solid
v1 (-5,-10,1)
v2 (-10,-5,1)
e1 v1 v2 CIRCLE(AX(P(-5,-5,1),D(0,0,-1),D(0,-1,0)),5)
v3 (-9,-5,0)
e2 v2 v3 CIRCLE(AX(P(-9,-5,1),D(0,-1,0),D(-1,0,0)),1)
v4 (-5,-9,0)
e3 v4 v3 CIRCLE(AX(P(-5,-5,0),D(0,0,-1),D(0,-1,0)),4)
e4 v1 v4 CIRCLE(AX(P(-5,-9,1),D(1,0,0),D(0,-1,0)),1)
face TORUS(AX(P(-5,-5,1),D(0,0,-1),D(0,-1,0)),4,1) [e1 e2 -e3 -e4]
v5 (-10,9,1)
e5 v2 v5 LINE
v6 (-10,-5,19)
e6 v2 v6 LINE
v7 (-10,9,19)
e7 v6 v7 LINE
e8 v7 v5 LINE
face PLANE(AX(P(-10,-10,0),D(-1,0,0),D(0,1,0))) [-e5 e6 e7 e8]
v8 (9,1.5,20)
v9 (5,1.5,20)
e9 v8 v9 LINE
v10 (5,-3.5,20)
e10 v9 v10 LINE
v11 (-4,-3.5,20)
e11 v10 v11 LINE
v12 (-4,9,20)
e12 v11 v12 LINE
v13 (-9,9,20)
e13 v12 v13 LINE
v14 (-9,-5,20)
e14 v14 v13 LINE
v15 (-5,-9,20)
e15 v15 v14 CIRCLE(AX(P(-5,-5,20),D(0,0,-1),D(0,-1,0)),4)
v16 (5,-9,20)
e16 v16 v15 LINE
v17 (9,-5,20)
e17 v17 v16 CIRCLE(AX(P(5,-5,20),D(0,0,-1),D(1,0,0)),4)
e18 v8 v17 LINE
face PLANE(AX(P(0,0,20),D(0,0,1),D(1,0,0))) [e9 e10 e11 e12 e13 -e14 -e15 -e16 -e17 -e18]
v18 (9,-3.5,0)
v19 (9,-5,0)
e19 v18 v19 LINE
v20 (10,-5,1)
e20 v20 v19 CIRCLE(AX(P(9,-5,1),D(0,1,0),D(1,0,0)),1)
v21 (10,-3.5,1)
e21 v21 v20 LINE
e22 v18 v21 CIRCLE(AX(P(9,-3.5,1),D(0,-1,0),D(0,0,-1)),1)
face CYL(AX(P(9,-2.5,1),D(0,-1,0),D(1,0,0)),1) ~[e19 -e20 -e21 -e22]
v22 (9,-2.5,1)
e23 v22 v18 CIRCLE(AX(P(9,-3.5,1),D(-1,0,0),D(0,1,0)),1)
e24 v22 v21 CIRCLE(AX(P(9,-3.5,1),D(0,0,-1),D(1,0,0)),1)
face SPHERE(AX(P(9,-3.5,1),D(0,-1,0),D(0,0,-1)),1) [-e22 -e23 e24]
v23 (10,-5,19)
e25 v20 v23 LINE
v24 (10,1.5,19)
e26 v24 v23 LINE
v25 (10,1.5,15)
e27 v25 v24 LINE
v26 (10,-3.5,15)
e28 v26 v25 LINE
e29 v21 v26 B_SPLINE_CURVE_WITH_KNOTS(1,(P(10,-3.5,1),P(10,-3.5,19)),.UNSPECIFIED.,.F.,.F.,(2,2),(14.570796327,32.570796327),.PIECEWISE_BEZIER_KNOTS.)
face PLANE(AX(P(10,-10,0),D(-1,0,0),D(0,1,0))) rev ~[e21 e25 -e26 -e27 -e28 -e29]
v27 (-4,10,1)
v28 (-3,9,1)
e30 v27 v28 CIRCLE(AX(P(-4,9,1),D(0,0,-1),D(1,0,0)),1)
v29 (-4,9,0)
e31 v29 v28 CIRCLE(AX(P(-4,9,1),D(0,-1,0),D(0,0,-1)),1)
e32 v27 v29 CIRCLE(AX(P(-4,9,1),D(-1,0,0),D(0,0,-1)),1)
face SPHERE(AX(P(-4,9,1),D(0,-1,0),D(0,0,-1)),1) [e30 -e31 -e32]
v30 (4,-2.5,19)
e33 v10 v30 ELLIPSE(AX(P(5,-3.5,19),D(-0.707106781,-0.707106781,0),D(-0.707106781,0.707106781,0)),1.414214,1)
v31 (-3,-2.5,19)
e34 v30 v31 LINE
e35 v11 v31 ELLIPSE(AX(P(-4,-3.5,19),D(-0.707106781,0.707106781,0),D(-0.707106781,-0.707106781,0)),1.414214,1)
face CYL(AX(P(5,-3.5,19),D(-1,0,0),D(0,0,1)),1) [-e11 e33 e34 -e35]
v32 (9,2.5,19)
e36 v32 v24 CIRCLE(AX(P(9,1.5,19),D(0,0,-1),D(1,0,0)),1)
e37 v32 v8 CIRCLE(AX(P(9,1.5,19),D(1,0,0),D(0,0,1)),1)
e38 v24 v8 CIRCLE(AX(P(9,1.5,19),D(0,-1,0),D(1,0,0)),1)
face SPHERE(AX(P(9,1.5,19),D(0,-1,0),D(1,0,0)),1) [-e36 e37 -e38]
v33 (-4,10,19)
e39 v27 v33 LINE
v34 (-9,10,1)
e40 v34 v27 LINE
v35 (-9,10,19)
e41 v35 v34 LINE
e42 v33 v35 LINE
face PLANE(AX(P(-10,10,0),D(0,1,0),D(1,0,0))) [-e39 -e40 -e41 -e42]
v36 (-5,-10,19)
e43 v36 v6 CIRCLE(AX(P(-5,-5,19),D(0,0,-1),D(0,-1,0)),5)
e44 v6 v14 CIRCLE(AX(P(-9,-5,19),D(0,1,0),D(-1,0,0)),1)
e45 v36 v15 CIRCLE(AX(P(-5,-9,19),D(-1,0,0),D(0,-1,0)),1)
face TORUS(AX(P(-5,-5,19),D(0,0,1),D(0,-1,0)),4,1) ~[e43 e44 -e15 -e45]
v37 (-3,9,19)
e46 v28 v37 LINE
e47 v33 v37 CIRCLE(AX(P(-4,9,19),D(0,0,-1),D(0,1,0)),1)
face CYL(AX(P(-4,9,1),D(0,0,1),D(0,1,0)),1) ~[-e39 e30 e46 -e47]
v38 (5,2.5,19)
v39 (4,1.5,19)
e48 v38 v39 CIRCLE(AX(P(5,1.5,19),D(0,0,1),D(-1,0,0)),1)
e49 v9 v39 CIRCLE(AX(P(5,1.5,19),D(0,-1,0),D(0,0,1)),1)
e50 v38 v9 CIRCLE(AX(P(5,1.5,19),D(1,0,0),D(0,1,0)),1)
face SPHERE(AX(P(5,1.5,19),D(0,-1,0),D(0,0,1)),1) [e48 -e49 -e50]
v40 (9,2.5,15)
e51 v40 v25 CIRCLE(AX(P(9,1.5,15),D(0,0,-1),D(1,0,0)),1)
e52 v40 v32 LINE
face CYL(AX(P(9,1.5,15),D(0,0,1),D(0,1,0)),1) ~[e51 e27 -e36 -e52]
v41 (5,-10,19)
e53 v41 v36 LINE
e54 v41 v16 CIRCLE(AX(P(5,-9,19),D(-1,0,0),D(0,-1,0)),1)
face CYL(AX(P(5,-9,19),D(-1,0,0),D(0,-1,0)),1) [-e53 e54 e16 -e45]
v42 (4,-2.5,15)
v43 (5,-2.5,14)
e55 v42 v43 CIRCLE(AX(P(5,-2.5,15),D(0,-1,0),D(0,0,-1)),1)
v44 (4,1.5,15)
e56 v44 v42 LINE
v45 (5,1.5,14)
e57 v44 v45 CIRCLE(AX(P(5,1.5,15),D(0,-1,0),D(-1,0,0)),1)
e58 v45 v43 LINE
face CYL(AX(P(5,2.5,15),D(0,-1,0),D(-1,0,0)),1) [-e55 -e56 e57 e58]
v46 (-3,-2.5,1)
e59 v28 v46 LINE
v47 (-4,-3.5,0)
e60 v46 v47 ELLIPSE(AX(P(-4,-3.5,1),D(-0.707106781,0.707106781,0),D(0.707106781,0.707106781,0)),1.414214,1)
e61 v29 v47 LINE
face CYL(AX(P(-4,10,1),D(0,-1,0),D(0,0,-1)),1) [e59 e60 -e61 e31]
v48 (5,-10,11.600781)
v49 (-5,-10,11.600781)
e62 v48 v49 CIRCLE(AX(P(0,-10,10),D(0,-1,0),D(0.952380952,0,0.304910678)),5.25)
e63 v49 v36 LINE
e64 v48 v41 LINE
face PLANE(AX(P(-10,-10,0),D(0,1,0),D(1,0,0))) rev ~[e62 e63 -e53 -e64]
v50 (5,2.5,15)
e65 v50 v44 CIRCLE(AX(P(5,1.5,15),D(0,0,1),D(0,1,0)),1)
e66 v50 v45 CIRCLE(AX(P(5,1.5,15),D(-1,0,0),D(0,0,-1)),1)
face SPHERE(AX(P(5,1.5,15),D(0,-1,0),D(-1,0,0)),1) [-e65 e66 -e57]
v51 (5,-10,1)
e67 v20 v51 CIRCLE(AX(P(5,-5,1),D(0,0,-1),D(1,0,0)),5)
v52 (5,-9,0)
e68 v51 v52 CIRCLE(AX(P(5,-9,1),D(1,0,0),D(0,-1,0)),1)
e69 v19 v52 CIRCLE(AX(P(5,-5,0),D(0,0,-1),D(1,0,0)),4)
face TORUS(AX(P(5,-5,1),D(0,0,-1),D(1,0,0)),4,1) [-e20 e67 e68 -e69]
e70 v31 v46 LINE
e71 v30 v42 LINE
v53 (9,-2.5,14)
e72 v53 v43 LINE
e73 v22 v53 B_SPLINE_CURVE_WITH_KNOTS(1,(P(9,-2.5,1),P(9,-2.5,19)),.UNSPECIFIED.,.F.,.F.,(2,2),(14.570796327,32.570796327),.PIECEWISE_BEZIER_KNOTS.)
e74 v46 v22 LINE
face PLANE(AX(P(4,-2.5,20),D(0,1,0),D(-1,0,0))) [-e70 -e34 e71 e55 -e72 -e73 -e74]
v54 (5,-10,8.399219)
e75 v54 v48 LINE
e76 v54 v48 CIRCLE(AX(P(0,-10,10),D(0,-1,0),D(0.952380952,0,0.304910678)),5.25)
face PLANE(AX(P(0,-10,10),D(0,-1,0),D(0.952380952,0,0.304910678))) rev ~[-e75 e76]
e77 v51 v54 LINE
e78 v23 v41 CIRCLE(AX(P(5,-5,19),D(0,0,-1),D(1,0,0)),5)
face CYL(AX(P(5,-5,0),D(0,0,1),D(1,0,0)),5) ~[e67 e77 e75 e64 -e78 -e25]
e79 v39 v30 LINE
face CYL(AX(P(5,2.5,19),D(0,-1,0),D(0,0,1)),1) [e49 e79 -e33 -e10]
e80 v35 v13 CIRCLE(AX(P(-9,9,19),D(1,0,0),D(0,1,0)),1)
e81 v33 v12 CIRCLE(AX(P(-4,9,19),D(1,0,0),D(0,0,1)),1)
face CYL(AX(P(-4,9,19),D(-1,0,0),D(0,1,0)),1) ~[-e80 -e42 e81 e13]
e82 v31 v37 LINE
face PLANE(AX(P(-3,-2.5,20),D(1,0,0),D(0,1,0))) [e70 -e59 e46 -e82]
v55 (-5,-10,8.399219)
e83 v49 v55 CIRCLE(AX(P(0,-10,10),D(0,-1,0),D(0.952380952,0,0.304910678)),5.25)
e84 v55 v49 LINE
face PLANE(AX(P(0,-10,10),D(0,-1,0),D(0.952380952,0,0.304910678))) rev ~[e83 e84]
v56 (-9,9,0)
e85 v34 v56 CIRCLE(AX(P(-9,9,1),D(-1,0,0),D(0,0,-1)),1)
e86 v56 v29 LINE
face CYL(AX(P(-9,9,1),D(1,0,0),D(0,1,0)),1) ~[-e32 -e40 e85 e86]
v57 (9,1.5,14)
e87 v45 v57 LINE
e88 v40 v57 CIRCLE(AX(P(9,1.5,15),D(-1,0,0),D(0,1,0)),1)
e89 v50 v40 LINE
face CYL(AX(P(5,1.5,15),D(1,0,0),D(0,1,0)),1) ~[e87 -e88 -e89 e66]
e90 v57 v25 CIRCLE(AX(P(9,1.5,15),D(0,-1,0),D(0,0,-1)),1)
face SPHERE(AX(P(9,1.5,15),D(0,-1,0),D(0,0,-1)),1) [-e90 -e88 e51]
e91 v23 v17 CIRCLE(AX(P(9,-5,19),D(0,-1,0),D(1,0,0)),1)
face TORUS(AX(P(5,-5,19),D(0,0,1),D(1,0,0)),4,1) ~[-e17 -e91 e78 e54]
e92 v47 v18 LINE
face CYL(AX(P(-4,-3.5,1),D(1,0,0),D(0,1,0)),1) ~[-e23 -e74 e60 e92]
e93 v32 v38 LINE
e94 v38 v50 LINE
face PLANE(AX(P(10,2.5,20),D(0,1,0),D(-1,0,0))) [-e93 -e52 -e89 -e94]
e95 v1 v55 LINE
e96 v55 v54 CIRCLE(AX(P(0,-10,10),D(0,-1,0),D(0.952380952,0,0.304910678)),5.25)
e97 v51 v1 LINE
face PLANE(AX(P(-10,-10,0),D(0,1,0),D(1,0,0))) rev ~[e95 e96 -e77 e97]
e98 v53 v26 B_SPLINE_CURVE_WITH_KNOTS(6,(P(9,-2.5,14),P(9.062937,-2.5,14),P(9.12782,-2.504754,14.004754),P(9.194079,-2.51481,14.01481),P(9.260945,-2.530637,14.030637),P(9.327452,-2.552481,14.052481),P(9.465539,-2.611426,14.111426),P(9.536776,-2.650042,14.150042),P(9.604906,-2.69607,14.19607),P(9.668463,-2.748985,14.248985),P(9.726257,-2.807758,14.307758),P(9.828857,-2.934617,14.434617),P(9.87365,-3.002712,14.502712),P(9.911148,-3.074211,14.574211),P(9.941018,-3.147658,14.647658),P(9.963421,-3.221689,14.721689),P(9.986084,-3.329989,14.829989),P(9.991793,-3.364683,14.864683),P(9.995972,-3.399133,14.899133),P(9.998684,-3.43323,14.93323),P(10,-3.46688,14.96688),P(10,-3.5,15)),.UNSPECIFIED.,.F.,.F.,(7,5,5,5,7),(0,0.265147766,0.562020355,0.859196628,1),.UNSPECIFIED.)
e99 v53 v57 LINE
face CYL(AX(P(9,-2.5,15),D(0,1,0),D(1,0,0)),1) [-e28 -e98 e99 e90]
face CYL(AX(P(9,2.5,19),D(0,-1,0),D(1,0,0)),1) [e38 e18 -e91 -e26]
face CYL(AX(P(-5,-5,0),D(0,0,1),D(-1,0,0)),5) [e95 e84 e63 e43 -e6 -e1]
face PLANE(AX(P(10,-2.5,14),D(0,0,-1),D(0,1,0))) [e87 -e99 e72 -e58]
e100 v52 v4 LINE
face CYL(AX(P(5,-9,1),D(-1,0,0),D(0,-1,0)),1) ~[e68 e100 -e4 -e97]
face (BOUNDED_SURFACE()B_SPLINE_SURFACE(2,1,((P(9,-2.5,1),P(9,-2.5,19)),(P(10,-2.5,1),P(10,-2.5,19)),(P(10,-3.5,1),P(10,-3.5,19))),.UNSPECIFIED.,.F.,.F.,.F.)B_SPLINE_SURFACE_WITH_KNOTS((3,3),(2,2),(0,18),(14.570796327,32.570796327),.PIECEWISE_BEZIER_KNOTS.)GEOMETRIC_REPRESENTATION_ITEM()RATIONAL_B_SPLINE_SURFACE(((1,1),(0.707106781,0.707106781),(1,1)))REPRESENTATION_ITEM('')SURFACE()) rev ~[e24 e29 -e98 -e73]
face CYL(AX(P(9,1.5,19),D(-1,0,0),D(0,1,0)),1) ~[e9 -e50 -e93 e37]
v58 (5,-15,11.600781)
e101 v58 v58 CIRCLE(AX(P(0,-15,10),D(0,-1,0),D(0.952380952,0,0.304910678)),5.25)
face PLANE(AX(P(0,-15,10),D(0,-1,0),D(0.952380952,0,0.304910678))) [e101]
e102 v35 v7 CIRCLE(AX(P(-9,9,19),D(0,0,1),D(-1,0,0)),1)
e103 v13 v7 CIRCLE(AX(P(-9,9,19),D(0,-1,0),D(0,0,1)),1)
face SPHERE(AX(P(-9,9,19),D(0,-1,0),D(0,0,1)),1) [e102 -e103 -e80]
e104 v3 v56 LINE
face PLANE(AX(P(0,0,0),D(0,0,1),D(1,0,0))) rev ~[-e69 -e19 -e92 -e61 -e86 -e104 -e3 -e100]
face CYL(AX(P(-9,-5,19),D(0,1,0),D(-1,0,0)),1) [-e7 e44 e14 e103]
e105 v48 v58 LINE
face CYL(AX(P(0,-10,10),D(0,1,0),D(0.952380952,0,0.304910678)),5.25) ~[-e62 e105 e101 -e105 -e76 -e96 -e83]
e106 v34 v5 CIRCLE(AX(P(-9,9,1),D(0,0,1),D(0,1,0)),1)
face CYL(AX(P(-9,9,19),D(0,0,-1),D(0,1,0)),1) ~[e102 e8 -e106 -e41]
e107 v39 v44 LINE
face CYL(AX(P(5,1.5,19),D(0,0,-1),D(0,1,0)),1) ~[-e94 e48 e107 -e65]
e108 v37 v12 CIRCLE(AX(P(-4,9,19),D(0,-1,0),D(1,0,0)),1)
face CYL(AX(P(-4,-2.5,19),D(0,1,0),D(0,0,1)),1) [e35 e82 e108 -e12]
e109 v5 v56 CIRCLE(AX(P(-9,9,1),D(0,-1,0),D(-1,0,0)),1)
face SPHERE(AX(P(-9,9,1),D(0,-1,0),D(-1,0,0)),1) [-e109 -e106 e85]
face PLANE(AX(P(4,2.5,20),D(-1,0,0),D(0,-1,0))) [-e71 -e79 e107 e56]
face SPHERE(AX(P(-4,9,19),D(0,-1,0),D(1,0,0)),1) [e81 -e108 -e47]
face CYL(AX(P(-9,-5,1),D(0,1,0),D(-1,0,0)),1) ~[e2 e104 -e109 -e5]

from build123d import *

# Parameters (mm, degrees)
SKETCH1_W           = 20
SKETCH1_H           = 20
BOSS_EXTRUDE1_DEPTH = 20
CUT_EXTRUDE1_DEPTH  = 25
SKETCH3_W           = 14
SKETCH3_H           = 5
CUT_EXTRUDE2_DEPTH  = 13
FILLET1_R           = 5
FILLET2_R           = 1
FILLET3_R           = 1
SKETCH4_R           = 5.25
BOSS_EXTRUDE2_DEPTH = 5


with BuildPart() as part:
    # Sketch1 → Boss-Extrude1 (new body)
    with BuildSketch(Plane.XY):
        Rectangle(SKETCH1_W, SKETCH1_H)
    extrude(amount=BOSS_EXTRUDE1_DEPTH)

    # Sketch2 → Cut-Extrude1 (cut)
    with BuildSketch(Plane.XY.offset(20)):
        Polygon((4, 2.5), (4, -2.5), (-3, -2.5), (-3, 10), (10, 10), (10, 2.5), align=None)
    extrude(amount=-CUT_EXTRUDE1_DEPTH, mode=Mode.SUBTRACT)

    # Sketch3 → Cut-Extrude2 (cut)
    with BuildSketch(Plane(origin=(10, 0, 0), x_dir=(0, 0, -1), z_dir=(1, 0, 0))):
        with Locations((-7, 0)):
            Rectangle(SKETCH3_W, SKETCH3_H)
    extrude(amount=-CUT_EXTRUDE2_DEPTH, mode=Mode.SUBTRACT)

    # Fillet1
    fillet1_edges = [part.edges().sort_by_distance(p)[0] for p in [
        (10, -10, 10),
        (-10, -10, 10),
    ]]
    fillet(fillet1_edges, radius=FILLET1_R)

    # Fillet2
    fillet2_edges = [part.edges().sort_by_distance(p)[0] for p in [
        (-10, 2.5, 20),
        (-3, 3.75, 0),
        (-3, 3.75, 20),
        (4, 0, 20),
        (4, 0, 14),
        (10, 0, 14),
        (-10, 2.5, 0),
        (10, -1.25, 20),
        (10, -3.75, 0),
        (0, -10, 0),
        (-8.535533906, -8.535533906, 0),
        (8.535533906, -8.535533906, 0),
        (0, -10, 20),
        (-8.535533906, -8.535533906, 20),
        (8.535533906, -8.535533906, 20),
    ]]
    fillet(fillet2_edges, radius=FILLET2_R)

    # Fillet3
    fillet3_edges = [part.edges().sort_by_distance(p)[0] for p in [
        (2.5, -2.5, 0),
        (9.707106781, -2.5, 0.292893219),
        (10, -2.5, 8),
        (9.707106781, 2.5, 19.707106781),
        (10, 2.5, 17),
        (9.707106781, 2.5, 14.292893219),
        (7, 2.5, 14),
        (4.292893219, 2.5, 14.292893219),
        (4, 2.5, 17),
        (4.292893219, 2.5, 19.707106781),
        (7, 2.5, 20),
        (0.5, -2.5, 20),
        (-3.292893219, 10, 0.292893219),
        (-9.707106781, 10, 0.292893219),
        (-6.5, 10, 0),
        (-3, 10, 10),
        (-3.292893219, 10, 19.707106781),
        (-9.707106781, 10, 19.707106781),
        (-6.5, 10, 20),
        (-10, 10, 10),
    ]]
    fillet(fillet3_edges, radius=FILLET3_R)

    # Sketch4 → Boss-Extrude2 (add)
    with BuildSketch(Plane.XZ.offset(10)):
        with Locations(Location((0, 10, 0), (0, 0, 17.752790162))):
            Circle(SKETCH4_R)
    extrude(amount=BOSS_EXTRUDE2_DEPTH)


solid = part.part
